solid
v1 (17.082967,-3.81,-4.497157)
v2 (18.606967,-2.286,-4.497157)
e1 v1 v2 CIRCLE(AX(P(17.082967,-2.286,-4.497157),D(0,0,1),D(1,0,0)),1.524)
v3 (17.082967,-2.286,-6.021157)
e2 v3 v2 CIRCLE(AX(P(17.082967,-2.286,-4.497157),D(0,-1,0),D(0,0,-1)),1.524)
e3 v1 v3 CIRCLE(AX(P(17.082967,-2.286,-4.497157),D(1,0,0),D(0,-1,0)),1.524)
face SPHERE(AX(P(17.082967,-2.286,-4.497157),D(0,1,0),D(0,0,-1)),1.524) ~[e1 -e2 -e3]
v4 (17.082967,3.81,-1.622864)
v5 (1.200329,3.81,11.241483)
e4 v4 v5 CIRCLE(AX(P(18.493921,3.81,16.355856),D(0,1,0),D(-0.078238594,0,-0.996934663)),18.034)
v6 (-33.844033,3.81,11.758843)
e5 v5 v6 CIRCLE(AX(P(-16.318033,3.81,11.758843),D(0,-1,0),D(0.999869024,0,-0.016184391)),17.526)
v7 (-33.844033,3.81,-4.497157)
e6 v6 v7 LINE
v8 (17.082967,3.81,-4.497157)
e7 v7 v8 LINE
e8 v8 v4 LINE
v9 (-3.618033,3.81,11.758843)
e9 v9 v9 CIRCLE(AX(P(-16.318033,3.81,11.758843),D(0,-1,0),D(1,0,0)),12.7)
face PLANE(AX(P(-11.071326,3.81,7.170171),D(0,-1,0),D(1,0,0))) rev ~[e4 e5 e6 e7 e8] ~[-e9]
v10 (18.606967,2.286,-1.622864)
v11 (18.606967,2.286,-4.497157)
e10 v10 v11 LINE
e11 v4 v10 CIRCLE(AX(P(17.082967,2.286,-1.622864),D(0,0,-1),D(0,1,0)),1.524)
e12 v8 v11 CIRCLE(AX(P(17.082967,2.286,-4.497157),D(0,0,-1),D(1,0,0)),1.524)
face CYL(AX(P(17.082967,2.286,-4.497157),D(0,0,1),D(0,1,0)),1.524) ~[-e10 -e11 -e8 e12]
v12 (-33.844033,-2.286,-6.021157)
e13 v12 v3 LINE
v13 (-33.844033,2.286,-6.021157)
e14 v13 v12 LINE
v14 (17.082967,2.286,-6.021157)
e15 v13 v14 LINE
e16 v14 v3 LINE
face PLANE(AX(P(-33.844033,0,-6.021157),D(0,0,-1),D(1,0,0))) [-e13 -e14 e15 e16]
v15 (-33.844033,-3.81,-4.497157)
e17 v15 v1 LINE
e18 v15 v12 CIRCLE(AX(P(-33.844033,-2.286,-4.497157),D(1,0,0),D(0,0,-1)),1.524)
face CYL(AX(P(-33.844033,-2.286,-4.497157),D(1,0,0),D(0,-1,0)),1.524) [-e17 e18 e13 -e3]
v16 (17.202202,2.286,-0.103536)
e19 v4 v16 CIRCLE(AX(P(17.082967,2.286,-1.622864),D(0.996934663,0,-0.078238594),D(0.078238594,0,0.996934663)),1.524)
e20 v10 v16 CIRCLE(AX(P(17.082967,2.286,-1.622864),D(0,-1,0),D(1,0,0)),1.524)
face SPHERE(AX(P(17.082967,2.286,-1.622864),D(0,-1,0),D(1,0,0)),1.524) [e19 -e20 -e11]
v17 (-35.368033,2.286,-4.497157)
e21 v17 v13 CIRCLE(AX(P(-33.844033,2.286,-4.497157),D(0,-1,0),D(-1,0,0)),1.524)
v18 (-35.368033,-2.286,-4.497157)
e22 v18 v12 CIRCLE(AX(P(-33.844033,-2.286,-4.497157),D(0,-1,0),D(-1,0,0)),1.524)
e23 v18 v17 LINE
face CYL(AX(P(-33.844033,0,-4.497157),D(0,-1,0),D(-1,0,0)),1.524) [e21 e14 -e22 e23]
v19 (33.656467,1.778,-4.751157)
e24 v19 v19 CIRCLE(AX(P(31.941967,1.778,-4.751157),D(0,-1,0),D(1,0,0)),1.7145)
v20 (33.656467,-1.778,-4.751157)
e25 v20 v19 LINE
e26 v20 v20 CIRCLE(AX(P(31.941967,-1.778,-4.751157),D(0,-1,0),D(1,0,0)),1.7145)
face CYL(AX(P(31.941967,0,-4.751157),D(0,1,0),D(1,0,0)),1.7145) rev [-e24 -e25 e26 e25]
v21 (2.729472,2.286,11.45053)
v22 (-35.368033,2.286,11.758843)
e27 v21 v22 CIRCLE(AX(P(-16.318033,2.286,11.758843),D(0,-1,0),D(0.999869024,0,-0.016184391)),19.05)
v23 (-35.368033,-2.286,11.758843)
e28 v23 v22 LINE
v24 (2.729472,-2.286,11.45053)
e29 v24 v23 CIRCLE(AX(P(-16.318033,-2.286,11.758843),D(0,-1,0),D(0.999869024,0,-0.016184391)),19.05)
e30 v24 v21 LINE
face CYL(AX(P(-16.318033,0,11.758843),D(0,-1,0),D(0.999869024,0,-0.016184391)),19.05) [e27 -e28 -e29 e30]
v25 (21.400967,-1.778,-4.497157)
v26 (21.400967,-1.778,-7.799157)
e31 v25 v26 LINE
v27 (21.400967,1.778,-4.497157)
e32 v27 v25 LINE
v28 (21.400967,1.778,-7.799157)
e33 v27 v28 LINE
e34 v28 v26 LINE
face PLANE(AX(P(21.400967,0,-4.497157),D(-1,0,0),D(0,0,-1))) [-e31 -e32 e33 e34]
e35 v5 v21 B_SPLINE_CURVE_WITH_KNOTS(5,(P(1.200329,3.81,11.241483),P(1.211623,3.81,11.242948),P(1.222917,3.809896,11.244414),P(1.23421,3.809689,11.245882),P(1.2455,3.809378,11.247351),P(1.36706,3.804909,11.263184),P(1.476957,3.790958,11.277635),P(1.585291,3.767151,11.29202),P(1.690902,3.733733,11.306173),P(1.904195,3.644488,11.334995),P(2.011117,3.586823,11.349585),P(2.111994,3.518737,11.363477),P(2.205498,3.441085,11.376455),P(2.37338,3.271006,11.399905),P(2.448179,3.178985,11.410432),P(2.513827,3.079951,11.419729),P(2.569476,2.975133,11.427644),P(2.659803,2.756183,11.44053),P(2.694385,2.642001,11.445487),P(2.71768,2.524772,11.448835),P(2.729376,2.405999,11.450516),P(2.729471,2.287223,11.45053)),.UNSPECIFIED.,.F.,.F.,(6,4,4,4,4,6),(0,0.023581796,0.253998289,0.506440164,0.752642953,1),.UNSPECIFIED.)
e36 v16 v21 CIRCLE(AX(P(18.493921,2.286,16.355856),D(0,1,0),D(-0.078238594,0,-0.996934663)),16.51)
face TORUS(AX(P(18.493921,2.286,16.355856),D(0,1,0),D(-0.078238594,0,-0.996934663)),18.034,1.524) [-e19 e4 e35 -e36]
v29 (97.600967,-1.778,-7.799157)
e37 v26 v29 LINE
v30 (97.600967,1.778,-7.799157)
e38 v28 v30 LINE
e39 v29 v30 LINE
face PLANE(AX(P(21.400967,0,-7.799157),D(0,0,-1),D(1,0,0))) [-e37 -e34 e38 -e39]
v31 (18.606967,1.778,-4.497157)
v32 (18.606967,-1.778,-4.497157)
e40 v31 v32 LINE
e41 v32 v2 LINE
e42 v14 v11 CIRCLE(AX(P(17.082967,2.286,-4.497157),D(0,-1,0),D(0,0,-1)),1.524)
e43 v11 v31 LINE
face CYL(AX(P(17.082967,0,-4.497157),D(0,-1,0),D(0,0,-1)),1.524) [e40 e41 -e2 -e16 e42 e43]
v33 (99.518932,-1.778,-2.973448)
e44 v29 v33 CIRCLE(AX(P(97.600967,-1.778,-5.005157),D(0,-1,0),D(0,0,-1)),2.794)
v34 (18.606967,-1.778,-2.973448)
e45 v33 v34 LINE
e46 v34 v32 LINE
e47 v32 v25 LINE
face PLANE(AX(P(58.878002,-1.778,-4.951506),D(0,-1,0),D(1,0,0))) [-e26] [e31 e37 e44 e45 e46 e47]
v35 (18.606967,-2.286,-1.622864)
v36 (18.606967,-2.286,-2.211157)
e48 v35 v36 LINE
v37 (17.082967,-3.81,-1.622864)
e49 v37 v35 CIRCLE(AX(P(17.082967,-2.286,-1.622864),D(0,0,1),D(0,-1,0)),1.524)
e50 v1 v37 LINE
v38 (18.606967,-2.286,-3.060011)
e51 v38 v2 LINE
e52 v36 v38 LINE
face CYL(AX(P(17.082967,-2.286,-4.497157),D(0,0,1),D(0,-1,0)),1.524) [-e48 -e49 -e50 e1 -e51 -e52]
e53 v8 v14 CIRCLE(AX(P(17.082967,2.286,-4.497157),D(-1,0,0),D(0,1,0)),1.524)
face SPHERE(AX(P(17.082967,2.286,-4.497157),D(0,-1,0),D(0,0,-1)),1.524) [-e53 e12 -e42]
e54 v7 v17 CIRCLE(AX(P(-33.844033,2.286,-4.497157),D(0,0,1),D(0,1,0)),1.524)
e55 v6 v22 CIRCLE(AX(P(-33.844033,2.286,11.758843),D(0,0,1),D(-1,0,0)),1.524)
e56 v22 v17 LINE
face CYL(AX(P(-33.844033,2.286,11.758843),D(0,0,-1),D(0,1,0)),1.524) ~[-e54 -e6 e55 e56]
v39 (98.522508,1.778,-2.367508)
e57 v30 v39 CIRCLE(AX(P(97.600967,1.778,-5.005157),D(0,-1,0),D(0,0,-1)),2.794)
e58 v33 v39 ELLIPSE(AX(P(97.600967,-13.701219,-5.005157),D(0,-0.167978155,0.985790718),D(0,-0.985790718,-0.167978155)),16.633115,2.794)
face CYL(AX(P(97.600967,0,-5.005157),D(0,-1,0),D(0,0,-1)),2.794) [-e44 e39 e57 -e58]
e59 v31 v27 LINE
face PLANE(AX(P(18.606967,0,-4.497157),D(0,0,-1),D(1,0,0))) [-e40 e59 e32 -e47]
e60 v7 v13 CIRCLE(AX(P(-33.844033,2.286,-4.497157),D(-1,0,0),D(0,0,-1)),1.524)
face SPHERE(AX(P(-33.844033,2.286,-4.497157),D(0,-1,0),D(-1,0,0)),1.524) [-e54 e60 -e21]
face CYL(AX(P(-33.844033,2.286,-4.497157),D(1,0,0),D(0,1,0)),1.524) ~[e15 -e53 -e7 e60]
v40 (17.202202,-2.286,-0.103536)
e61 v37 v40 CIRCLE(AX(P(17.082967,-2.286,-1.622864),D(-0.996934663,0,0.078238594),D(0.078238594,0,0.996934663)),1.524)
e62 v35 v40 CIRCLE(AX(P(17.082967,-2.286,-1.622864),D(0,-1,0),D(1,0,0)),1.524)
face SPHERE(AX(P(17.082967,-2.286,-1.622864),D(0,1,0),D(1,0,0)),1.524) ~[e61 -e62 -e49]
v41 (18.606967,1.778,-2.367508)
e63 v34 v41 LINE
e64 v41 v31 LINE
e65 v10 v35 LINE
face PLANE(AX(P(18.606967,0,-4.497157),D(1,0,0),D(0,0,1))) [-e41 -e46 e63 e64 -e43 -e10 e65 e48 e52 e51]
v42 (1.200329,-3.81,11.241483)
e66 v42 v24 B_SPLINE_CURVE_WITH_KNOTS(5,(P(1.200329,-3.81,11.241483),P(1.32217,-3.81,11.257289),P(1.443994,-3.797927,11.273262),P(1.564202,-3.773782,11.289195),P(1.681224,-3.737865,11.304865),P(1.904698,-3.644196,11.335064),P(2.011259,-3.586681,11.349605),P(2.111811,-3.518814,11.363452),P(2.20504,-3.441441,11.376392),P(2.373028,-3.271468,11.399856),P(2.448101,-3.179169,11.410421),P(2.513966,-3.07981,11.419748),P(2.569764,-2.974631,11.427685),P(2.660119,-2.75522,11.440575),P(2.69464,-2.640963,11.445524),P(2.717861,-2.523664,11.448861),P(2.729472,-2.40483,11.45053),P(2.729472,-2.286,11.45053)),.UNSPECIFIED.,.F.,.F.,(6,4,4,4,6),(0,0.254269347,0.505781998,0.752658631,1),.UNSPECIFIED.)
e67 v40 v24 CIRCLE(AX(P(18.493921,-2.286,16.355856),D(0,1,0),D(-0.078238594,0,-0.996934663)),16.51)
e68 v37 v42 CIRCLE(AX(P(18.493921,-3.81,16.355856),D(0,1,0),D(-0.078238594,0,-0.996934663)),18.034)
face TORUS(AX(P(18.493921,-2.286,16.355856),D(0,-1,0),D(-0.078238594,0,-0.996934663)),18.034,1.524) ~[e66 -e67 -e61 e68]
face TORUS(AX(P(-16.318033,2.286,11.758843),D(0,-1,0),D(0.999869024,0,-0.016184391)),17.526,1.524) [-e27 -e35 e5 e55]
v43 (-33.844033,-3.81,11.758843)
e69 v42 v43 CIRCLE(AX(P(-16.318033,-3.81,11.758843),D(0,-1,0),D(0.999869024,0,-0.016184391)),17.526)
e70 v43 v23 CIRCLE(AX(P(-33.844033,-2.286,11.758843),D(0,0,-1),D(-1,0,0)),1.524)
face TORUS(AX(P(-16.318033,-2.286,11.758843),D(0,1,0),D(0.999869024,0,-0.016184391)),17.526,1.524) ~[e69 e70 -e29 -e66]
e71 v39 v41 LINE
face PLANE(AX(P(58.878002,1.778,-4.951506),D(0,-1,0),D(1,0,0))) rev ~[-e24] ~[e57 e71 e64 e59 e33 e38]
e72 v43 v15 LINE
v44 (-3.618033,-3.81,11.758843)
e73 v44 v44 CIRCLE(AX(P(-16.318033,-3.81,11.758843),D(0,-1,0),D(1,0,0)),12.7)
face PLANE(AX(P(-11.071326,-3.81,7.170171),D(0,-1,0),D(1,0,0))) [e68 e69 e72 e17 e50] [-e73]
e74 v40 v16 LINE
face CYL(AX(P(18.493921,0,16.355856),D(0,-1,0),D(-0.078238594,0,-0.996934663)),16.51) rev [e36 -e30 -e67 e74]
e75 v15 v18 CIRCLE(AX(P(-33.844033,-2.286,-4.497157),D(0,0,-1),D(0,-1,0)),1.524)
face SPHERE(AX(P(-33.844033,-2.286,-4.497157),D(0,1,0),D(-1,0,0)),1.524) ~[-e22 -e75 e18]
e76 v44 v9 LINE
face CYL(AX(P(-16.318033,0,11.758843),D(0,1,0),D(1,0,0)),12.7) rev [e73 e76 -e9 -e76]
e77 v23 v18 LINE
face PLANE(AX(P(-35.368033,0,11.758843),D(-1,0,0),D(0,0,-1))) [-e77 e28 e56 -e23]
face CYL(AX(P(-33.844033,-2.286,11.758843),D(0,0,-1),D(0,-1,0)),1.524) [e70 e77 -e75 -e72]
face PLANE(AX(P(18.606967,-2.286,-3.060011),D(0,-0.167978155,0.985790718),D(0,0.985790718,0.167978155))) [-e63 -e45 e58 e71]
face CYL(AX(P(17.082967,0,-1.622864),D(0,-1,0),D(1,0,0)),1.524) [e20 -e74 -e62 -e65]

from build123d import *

# Parameters (mm, degrees)
F0_R     = 1.7145
F1_DEPTH = 1.778
F0_R_2   = 12.7
F2_DEPTH = 3.81
F3_R     = 1.524
F5_DEPTH = 81.789
F6_DEPTH = 81.789


with BuildPart() as f1:
    # F0 (on Front) → F1 (new body, symmetric)
    with BuildSketch(Plane.XZ):
        with BuildLine():
            Line((18.6069666262, -2.2111574336), (18.6069666262, -4.4971574336))
            Line((18.6069666262, -4.4971574336), (21.4009666262, -4.4971574336))
            Line((21.4009666262, -4.4971574336), (21.4009666262, -7.7991574336))
            Line((21.4009666262, -7.7991574336), (97.6009666262, -7.7991574336))
            ThreePointArc((97.6009666262, -7.7991574336), (100.3949666262, -5.0051574336), (97.6009666262, -2.2111574336))
            Line((97.6009666262, -2.2111574336), (18.6069666262, -2.2111574336))
        make_face()
        with Locations((31.9419666262, -4.7511574336)):
            Circle(F0_R, mode=Mode.SUBTRACT)
    extrude(amount=F1_DEPTH, both=True)

    # F0 (on Front) → F2 (join, symmetric)
    with BuildSketch(Plane.XZ):
        with BuildLine():
            ThreePointArc((-35.3680333738, -4.4971574336), (-34.9216641084, -5.5747881681), (-33.8440333738, -6.0211574336))
            Line((-33.8440333738, -6.0211574336), (17.0829666262, -6.0211574336))
            ThreePointArc((17.0829666262, -6.0211574336), (18.1605973607, -5.5747881681), (18.6069666262, -4.4971574336))
            Line((18.6069666262, -4.4971574336), (18.6069666262, -2.2111574336))
            Line((18.6069666262, -2.2111574336), (18.6069666262, -1.6228641659))
            ThreePointArc((18.6069666262, -1.6228641659), (18.2019597184, -0.5882480731), (17.2022022436, -0.1035357395))
            ThreePointArc((17.2022022436, -0.1035357395), (8.1933226976, 3.4532292373), (2.7294715366, 11.4505299235))
            ThreePointArc((2.7294715366, 11.4505299235), (-16.1638720044, 30.8082187838), (-35.3680333738, 11.7588425664))
            Line((-35.3680333738, 11.7588425664), (-35.3680333738, -4.4971574336))
        make_face()
        with Locations((-16.3180333738, 11.7588425664)):
            Circle(F0_R_2, mode=Mode.SUBTRACT)
    extrude(amount=F2_DEPTH, both=True)

    # F3
    f3_edges = [f1.edges().sort_by_distance(p)[0] for p in [
        (-16.163872, -3.81, 30.808219),
        (-16.163872, 3.81, 30.808219),
    ]]
    fillet(f3_edges, radius=F3_R)

    # F4 (on face) → F5 (cut, through all)
    with BuildSketch(Plane.YZ.offset(18.6069666262)):
        Polygon((-2.286, -2.2111574336), (-2.286, -3.0600107998), (2.6955511421, -2.2111574336), align=None)
    extrude(amount=F5_DEPTH, mode=Mode.SUBTRACT)

    # F4 (on face) → F6 (cut, through all)
    with BuildSketch(Plane.YZ.offset(18.6069666262)):
        Polygon((-2.286, -2.2111574336), (-2.286, -3.0600107998), (2.6955511421, -2.2111574336), align=None)
    extrude(amount=F6_DEPTH, mode=Mode.SUBTRACT)


solid = f1.part
